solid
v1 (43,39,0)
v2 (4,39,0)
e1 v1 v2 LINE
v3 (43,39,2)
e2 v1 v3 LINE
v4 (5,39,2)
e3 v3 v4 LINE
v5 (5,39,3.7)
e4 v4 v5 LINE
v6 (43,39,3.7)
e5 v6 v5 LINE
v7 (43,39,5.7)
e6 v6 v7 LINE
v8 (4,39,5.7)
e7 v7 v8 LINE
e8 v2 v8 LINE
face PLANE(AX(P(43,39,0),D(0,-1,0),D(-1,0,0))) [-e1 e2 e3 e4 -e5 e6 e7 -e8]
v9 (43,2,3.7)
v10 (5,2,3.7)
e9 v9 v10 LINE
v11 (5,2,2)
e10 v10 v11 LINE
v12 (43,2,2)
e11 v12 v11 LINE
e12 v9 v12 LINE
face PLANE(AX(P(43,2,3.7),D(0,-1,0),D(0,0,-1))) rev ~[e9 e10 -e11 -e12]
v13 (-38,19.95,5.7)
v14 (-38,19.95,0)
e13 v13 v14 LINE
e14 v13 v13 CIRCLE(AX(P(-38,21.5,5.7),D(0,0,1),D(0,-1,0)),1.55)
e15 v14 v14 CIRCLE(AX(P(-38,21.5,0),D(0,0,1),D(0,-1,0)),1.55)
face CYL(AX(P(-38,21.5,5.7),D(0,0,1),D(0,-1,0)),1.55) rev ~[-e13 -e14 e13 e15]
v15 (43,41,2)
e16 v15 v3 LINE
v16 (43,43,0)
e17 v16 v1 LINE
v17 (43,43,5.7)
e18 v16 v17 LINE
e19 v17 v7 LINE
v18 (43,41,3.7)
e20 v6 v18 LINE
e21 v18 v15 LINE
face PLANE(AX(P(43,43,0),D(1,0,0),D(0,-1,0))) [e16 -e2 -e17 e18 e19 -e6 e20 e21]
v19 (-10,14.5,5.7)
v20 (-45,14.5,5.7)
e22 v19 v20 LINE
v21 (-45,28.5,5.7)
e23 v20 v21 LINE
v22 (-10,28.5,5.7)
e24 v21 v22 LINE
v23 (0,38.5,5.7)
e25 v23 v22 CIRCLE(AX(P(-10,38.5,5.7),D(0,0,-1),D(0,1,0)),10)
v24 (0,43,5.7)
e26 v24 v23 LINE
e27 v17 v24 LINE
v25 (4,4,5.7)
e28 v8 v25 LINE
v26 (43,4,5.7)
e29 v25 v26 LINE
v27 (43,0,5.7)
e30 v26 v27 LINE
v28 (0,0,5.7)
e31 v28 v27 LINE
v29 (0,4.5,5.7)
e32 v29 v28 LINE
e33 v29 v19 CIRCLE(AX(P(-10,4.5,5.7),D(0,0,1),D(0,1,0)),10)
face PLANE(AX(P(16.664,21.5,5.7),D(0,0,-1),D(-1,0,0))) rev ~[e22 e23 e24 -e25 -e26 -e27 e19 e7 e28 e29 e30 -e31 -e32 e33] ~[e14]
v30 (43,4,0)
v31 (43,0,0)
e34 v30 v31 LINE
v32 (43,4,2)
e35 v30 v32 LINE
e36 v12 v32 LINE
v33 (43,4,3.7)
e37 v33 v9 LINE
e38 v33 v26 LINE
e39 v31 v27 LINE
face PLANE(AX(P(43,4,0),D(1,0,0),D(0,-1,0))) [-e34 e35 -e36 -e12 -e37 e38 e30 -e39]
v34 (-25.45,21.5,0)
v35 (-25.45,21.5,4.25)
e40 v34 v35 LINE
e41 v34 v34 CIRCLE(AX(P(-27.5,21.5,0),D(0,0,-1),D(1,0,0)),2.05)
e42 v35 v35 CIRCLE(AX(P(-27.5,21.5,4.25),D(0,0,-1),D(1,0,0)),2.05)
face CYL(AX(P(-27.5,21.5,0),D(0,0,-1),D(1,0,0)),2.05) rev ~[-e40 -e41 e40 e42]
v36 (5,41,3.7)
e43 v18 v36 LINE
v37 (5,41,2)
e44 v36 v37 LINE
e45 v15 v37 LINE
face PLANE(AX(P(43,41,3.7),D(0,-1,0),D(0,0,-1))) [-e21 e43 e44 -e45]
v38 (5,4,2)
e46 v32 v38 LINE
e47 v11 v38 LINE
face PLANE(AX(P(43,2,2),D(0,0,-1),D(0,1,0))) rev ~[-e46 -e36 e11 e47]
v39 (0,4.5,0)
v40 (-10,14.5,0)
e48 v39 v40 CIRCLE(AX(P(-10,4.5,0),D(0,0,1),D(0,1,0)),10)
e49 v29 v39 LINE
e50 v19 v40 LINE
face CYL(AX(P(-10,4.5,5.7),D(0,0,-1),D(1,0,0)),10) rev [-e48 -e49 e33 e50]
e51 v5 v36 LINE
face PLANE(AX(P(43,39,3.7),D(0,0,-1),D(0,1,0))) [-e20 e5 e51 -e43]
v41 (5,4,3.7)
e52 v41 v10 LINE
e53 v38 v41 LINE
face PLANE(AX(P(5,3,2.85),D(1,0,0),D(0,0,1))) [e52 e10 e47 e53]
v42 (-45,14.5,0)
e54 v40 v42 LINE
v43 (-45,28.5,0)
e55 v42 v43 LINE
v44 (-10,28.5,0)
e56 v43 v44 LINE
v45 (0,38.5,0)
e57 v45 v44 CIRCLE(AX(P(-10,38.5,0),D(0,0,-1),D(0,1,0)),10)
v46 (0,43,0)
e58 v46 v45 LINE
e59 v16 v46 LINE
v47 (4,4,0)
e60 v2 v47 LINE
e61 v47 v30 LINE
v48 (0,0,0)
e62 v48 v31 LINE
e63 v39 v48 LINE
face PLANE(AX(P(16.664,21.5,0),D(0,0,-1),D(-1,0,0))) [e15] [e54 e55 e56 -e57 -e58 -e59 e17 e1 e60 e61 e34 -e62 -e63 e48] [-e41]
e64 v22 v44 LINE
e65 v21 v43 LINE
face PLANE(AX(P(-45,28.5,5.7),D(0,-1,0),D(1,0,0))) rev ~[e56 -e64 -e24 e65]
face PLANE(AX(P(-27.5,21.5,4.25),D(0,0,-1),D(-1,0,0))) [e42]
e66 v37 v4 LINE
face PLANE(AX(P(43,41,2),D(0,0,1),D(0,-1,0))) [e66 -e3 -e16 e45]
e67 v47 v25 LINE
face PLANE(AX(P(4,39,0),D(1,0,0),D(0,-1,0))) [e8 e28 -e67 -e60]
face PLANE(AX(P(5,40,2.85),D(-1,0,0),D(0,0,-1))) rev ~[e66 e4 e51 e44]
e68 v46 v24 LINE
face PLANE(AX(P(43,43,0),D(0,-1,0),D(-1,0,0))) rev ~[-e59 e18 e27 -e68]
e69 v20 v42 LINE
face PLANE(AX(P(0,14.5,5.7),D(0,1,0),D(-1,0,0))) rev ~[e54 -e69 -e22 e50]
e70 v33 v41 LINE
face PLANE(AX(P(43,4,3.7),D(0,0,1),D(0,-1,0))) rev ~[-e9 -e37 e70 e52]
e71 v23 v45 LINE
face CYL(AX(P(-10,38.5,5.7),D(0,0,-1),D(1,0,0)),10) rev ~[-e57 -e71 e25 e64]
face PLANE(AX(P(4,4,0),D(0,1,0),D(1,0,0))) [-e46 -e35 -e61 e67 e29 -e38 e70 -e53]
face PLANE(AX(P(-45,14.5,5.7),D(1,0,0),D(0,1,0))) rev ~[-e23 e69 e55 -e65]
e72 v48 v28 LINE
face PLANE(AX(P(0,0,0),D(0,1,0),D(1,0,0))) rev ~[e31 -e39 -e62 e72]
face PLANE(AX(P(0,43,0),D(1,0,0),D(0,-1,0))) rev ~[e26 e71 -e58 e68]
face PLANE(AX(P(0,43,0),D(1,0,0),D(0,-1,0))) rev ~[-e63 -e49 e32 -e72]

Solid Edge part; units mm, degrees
sketch "Sketch1" plane through (0, 0, 0) normal (0, 0, 1) x (1, 0, 0)
  line L0 (4, 39) -> (4, 4)
  line L1 (4, 4) -> (43, 4)
  line L2 (43, 4) -> (43, 0)
  line L3 (0, 0) -> (43, 0)
  line L4 (0, 43) -> (0, 0)
  line L5 (43, 43) -> (0, 43)
  line L6 (43, 43) -> (43, 39)
  line L7 (43, 39) -> (4, 39)
extrude "Protrusion1" add sketch "Sketch1" along normal blind 5.7
sketch "Sketch2" plane through (43, 41, 2.85) normal (1, 0, 0) x (0, 1, 0)
  line L0 (-2, 0.85) -> (0, 0.85)
  line L1 (0, 0.85) -> (0, -0.85)
  line L2 (0, -0.85) -> (-2, -0.85)
  line L3 (-2, -0.85) -> (-2, 0.85)
  line L4 (-37, -0.85) -> (-37, 0.85)
  line L5 (-37, 0.85) -> (-39, 0.85)
  line L6 (-39, 0.85) -> (-39, -0.85)
  line L7 (-39, -0.85) -> (-37, -0.85)
  dimension "D1" = 1.7
  dimension "D2" = 2
extrude "VaciadoExtruido_1" cut sketch "Sketch2" against normal blind 38
sketch "Sketch3" plane through (21.5, 21.5, 5.7) normal (0, 0, 1) x (1, 0, 0)
  line L0 (-66.5, 7) -> (-21.5, 7)
  line L1 (-21.5, 7) -> (-21.5, -7)
  line L2 (-21.5, -7) -> (-66.5, -7)
  line L3 (-66.5, -7) -> (-66.5, 7)
extrude "VaciadoExtruido_2" add sketch "Sketch3" against normal blind 5.7
sketch "Sketch4" plane through (11, 21.5, 0) normal (0, 0, -1) x (1, 0, 0)
  circle A0 centre (-38.5, 0) radius 2.05
extrude "VaciadoExtruido_3" cut sketch "Sketch4" against normal blind 4.25
sketch "Sketch5" plane through (11, 21.5, 5.7) normal (0, 0, 1) x (0, -1, 0)
  circle A0 centre (0, -49) radius 1.55
extrude "Cutout1" cut sketch "Sketch5" against normal up to next
fillet "Redondeo_1" radius 10 2 edges at (0, 14.5, 2.85) (0, 28.5, 2.85)
